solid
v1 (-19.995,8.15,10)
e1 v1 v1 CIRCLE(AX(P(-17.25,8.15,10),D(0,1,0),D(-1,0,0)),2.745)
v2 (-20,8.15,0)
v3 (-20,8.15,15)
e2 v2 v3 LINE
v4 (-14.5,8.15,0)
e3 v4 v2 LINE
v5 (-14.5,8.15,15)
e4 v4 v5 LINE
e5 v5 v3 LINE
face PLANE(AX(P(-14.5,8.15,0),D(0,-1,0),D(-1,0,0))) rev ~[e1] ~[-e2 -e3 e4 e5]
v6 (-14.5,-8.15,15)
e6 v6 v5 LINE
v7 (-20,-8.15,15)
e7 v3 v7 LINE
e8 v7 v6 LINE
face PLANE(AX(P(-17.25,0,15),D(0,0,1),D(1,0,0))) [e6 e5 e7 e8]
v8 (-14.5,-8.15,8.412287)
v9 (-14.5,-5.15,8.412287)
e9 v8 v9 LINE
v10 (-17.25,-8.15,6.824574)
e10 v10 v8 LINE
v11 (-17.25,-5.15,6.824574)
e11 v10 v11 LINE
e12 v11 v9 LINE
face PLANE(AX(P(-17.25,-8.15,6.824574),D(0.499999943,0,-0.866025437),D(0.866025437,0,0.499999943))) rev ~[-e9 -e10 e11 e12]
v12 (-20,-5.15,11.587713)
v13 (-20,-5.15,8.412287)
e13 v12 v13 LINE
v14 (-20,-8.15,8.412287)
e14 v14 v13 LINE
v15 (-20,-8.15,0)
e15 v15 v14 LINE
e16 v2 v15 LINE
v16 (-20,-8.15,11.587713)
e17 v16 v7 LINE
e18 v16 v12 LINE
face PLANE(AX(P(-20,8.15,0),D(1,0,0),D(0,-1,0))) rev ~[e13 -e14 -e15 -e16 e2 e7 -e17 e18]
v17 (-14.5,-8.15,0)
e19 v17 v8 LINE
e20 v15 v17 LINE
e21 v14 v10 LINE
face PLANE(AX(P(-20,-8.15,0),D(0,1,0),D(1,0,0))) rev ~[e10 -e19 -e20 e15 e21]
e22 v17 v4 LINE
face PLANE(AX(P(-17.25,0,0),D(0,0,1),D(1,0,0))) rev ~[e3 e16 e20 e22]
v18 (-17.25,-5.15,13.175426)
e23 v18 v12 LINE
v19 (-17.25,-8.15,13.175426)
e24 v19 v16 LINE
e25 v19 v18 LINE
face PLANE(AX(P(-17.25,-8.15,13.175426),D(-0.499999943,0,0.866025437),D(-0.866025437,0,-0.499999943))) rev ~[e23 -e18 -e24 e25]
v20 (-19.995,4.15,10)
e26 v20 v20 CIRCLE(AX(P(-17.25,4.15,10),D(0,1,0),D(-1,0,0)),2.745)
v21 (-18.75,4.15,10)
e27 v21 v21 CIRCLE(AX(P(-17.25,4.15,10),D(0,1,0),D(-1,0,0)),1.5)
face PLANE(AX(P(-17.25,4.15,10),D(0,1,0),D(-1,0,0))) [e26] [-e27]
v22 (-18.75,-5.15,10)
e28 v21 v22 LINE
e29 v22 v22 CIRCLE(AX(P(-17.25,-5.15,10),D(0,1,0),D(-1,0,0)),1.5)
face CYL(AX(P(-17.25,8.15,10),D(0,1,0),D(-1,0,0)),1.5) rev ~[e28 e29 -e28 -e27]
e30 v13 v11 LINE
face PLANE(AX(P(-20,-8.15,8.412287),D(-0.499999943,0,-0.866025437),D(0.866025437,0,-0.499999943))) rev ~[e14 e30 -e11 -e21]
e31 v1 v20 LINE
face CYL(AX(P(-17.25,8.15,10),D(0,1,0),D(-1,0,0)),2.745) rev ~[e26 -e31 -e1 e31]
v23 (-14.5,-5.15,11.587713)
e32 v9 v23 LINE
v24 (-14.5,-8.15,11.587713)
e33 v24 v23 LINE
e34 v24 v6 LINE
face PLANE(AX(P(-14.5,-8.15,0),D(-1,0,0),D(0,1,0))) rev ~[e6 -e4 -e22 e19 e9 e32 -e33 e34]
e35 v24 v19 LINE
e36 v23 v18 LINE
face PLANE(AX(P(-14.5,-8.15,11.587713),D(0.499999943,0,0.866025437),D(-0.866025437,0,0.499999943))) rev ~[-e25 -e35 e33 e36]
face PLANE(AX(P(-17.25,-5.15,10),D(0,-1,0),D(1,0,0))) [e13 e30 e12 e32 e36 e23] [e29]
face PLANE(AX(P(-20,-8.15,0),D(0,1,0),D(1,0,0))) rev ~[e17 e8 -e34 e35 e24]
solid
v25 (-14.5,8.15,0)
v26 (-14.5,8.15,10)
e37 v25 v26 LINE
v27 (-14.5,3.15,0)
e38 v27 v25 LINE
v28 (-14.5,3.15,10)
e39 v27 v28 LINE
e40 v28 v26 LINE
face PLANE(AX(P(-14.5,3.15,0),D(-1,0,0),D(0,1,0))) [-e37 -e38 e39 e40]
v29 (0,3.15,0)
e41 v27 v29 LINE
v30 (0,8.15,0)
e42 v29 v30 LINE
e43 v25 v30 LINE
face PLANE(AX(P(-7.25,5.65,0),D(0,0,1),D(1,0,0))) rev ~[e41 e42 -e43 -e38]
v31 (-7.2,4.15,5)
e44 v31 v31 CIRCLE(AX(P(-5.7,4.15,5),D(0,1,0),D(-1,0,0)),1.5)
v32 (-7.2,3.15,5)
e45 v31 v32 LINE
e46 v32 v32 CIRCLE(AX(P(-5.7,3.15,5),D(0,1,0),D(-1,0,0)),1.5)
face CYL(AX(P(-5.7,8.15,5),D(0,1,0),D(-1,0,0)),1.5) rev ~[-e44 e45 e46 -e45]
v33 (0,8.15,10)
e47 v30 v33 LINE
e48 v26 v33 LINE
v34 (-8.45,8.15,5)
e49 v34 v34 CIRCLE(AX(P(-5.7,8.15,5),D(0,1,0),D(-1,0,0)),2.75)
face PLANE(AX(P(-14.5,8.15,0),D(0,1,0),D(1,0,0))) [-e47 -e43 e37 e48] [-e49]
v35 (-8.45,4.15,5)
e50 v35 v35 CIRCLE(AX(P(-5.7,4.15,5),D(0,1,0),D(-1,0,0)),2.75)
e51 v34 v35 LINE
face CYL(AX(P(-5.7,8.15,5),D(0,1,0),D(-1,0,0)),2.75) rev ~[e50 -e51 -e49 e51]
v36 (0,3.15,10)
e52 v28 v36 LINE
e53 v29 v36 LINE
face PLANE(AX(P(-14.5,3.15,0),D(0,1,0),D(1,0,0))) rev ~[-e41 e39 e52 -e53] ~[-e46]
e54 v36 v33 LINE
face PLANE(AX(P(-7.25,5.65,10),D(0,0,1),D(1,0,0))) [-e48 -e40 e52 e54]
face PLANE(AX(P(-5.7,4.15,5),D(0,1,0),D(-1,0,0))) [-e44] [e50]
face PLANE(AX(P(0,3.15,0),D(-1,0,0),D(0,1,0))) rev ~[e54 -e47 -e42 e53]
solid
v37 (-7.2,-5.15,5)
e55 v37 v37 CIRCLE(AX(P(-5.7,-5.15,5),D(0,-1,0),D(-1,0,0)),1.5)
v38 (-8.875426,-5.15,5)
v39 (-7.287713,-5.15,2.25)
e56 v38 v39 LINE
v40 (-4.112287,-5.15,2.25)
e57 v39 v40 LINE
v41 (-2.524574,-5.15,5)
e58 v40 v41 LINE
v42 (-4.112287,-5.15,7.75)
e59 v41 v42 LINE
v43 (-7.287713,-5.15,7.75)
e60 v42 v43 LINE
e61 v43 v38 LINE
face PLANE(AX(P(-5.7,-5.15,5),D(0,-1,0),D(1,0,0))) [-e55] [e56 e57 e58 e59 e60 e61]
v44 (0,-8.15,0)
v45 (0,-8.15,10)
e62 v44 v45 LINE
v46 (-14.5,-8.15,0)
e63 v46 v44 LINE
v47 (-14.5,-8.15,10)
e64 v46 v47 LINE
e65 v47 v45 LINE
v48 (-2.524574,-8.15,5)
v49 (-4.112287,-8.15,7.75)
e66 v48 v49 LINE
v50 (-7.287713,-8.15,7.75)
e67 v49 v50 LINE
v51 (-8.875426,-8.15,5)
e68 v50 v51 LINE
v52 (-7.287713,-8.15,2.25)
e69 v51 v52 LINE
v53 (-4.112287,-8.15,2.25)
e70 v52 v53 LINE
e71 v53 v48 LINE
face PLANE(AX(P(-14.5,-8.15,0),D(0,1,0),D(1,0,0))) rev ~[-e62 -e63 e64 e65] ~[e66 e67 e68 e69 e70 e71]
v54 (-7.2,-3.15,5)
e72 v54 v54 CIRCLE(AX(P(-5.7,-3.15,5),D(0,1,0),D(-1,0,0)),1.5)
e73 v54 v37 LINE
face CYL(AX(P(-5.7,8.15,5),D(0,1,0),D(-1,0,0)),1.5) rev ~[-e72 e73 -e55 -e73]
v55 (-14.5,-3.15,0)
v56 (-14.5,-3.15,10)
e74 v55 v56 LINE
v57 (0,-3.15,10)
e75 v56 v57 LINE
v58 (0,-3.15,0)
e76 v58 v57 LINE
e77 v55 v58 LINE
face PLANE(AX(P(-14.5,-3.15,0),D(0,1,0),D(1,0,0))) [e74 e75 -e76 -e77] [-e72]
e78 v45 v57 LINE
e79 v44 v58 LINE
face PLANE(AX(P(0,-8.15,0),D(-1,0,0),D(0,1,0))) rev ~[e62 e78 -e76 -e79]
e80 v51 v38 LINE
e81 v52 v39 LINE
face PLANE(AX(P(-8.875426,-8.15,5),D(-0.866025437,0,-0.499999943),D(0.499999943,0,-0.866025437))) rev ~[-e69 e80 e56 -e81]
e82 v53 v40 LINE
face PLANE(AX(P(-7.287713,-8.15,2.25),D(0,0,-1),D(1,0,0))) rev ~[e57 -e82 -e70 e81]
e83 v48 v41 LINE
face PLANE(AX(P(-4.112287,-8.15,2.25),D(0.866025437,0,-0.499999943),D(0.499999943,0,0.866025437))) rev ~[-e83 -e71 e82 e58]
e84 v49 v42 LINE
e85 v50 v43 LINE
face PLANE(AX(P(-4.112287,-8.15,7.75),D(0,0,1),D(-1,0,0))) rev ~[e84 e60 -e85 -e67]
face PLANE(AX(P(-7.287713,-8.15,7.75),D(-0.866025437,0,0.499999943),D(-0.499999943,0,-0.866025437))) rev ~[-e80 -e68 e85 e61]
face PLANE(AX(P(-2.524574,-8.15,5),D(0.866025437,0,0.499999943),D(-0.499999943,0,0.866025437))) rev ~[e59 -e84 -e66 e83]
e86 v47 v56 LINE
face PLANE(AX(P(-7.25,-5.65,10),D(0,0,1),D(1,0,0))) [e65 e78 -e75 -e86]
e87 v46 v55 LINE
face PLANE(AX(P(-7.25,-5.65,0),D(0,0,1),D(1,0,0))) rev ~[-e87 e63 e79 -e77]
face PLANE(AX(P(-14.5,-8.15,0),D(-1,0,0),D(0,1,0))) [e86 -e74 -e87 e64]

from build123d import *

# Parameters (mm, degrees)
F0_W     = 14.5
F0_H     = 5
F1_DEPTH = 10
F2_DEPTH = 15
F3_R     = 1.5
F4_DEPTH = 16.3
F3_R_2   = 2.745
F3_R_3   = 2.75
F5_DEPTH = 4
F6_R     = 1.5
F7_DEPTH = 3
F8_R     = 1.5
F9_DEPTH = 3


with BuildPart() as f1:
    # F0 (on Top) → F1 (new body)
    with BuildSketch(Plane.XY):
        with Locations((-7.25, 5.65)):
            Rectangle(F0_W, F0_H)
        with Locations((-7.25, -5.65)):
            Rectangle(F0_W, F0_H)
    extrude(amount=F1_DEPTH)


with BuildPart() as f2:
    # F0 (on Top) → F2 (new body)
    with BuildSketch(Plane.XY):
        Polygon((-14.5, -8.15), (-14.5, -3.15), (-14.5, 0), (-14.5, 3.15), (-14.5, 8.15), (-20, 8.15), (-20, 0), (-20, -8.15), align=None)
    extrude(amount=F2_DEPTH)


with BuildPart() as f4_tool:
    # F3 (on face) → F4 (new body)
    with BuildSketch(Plane(origin=(0, 8.15, 0), x_dir=(-1, 0, 0), z_dir=(0, 1, 0))):
        with Locations((5.7, 5)):
            Circle(F3_R)
        with Locations((17.25, 10)):
            Circle(F3_R)
    extrude(amount=-F4_DEPTH)


with BuildPart() as f1_1:
    add(f1.part)

    # F4: cut by f4_tool
    add(f4_tool.part, mode=Mode.SUBTRACT)


with BuildPart() as f2_1:
    add(f2.part)

    # F4: cut by f4_tool
    add(f4_tool.part, mode=Mode.SUBTRACT)


with BuildPart() as f5_tool:
    # F3 (on face) → F5 (new body)
    with BuildSketch(Plane(origin=(0, 8.15, 0), x_dir=(-1, 0, 0), z_dir=(0, 1, 0))):
        with Locations((17.25, 10)):
            Circle(F3_R_2)
        with Locations((17.25, 10)):
            Circle(F3_R, mode=Mode.SUBTRACT)
        with Locations((5.7, 5)):
            Circle(F3_R_3)
        with Locations((5.7, 5)):
            Circle(F3_R, mode=Mode.SUBTRACT)
    extrude(amount=-F5_DEPTH)


with BuildPart() as f1_2:
    add(f1_1.part)

    # F5: cut by f5_tool
    add(f5_tool.part, mode=Mode.SUBTRACT)

    # F6 (on face) → F7 (cut)
    with BuildSketch(Plane.XZ.offset(8.15)):
        Polygon((-4.112287, 2.25), (-2.524574, 5), (-4.112287, 7.75), (-7.287713, 7.75), (-8.875426, 5), (-7.287713, 2.25), align=None)
        with Locations((-5.7, 5)):
            Circle(F6_R, mode=Mode.SUBTRACT)
    extrude(amount=-F7_DEPTH, mode=Mode.SUBTRACT)


with BuildPart() as f2_2:
    add(f2_1.part)

    # F5: cut by f5_tool
    add(f5_tool.part, mode=Mode.SUBTRACT)

    # F8 (on face) → F9 (cut)
    with BuildSketch(Plane.XZ.offset(8.15)):
        Polygon((-14.5, 11.587713), (-17.25, 13.175426), (-20, 11.587713), (-20, 8.412287), (-17.25, 6.824574), (-14.5, 8.412287), align=None)
        with Locations((-17.25, 10)):
            Circle(F8_R, mode=Mode.SUBTRACT)
    extrude(amount=-F9_DEPTH, mode=Mode.SUBTRACT)


solid = Compound([f1_2.part, f2_2.part])
